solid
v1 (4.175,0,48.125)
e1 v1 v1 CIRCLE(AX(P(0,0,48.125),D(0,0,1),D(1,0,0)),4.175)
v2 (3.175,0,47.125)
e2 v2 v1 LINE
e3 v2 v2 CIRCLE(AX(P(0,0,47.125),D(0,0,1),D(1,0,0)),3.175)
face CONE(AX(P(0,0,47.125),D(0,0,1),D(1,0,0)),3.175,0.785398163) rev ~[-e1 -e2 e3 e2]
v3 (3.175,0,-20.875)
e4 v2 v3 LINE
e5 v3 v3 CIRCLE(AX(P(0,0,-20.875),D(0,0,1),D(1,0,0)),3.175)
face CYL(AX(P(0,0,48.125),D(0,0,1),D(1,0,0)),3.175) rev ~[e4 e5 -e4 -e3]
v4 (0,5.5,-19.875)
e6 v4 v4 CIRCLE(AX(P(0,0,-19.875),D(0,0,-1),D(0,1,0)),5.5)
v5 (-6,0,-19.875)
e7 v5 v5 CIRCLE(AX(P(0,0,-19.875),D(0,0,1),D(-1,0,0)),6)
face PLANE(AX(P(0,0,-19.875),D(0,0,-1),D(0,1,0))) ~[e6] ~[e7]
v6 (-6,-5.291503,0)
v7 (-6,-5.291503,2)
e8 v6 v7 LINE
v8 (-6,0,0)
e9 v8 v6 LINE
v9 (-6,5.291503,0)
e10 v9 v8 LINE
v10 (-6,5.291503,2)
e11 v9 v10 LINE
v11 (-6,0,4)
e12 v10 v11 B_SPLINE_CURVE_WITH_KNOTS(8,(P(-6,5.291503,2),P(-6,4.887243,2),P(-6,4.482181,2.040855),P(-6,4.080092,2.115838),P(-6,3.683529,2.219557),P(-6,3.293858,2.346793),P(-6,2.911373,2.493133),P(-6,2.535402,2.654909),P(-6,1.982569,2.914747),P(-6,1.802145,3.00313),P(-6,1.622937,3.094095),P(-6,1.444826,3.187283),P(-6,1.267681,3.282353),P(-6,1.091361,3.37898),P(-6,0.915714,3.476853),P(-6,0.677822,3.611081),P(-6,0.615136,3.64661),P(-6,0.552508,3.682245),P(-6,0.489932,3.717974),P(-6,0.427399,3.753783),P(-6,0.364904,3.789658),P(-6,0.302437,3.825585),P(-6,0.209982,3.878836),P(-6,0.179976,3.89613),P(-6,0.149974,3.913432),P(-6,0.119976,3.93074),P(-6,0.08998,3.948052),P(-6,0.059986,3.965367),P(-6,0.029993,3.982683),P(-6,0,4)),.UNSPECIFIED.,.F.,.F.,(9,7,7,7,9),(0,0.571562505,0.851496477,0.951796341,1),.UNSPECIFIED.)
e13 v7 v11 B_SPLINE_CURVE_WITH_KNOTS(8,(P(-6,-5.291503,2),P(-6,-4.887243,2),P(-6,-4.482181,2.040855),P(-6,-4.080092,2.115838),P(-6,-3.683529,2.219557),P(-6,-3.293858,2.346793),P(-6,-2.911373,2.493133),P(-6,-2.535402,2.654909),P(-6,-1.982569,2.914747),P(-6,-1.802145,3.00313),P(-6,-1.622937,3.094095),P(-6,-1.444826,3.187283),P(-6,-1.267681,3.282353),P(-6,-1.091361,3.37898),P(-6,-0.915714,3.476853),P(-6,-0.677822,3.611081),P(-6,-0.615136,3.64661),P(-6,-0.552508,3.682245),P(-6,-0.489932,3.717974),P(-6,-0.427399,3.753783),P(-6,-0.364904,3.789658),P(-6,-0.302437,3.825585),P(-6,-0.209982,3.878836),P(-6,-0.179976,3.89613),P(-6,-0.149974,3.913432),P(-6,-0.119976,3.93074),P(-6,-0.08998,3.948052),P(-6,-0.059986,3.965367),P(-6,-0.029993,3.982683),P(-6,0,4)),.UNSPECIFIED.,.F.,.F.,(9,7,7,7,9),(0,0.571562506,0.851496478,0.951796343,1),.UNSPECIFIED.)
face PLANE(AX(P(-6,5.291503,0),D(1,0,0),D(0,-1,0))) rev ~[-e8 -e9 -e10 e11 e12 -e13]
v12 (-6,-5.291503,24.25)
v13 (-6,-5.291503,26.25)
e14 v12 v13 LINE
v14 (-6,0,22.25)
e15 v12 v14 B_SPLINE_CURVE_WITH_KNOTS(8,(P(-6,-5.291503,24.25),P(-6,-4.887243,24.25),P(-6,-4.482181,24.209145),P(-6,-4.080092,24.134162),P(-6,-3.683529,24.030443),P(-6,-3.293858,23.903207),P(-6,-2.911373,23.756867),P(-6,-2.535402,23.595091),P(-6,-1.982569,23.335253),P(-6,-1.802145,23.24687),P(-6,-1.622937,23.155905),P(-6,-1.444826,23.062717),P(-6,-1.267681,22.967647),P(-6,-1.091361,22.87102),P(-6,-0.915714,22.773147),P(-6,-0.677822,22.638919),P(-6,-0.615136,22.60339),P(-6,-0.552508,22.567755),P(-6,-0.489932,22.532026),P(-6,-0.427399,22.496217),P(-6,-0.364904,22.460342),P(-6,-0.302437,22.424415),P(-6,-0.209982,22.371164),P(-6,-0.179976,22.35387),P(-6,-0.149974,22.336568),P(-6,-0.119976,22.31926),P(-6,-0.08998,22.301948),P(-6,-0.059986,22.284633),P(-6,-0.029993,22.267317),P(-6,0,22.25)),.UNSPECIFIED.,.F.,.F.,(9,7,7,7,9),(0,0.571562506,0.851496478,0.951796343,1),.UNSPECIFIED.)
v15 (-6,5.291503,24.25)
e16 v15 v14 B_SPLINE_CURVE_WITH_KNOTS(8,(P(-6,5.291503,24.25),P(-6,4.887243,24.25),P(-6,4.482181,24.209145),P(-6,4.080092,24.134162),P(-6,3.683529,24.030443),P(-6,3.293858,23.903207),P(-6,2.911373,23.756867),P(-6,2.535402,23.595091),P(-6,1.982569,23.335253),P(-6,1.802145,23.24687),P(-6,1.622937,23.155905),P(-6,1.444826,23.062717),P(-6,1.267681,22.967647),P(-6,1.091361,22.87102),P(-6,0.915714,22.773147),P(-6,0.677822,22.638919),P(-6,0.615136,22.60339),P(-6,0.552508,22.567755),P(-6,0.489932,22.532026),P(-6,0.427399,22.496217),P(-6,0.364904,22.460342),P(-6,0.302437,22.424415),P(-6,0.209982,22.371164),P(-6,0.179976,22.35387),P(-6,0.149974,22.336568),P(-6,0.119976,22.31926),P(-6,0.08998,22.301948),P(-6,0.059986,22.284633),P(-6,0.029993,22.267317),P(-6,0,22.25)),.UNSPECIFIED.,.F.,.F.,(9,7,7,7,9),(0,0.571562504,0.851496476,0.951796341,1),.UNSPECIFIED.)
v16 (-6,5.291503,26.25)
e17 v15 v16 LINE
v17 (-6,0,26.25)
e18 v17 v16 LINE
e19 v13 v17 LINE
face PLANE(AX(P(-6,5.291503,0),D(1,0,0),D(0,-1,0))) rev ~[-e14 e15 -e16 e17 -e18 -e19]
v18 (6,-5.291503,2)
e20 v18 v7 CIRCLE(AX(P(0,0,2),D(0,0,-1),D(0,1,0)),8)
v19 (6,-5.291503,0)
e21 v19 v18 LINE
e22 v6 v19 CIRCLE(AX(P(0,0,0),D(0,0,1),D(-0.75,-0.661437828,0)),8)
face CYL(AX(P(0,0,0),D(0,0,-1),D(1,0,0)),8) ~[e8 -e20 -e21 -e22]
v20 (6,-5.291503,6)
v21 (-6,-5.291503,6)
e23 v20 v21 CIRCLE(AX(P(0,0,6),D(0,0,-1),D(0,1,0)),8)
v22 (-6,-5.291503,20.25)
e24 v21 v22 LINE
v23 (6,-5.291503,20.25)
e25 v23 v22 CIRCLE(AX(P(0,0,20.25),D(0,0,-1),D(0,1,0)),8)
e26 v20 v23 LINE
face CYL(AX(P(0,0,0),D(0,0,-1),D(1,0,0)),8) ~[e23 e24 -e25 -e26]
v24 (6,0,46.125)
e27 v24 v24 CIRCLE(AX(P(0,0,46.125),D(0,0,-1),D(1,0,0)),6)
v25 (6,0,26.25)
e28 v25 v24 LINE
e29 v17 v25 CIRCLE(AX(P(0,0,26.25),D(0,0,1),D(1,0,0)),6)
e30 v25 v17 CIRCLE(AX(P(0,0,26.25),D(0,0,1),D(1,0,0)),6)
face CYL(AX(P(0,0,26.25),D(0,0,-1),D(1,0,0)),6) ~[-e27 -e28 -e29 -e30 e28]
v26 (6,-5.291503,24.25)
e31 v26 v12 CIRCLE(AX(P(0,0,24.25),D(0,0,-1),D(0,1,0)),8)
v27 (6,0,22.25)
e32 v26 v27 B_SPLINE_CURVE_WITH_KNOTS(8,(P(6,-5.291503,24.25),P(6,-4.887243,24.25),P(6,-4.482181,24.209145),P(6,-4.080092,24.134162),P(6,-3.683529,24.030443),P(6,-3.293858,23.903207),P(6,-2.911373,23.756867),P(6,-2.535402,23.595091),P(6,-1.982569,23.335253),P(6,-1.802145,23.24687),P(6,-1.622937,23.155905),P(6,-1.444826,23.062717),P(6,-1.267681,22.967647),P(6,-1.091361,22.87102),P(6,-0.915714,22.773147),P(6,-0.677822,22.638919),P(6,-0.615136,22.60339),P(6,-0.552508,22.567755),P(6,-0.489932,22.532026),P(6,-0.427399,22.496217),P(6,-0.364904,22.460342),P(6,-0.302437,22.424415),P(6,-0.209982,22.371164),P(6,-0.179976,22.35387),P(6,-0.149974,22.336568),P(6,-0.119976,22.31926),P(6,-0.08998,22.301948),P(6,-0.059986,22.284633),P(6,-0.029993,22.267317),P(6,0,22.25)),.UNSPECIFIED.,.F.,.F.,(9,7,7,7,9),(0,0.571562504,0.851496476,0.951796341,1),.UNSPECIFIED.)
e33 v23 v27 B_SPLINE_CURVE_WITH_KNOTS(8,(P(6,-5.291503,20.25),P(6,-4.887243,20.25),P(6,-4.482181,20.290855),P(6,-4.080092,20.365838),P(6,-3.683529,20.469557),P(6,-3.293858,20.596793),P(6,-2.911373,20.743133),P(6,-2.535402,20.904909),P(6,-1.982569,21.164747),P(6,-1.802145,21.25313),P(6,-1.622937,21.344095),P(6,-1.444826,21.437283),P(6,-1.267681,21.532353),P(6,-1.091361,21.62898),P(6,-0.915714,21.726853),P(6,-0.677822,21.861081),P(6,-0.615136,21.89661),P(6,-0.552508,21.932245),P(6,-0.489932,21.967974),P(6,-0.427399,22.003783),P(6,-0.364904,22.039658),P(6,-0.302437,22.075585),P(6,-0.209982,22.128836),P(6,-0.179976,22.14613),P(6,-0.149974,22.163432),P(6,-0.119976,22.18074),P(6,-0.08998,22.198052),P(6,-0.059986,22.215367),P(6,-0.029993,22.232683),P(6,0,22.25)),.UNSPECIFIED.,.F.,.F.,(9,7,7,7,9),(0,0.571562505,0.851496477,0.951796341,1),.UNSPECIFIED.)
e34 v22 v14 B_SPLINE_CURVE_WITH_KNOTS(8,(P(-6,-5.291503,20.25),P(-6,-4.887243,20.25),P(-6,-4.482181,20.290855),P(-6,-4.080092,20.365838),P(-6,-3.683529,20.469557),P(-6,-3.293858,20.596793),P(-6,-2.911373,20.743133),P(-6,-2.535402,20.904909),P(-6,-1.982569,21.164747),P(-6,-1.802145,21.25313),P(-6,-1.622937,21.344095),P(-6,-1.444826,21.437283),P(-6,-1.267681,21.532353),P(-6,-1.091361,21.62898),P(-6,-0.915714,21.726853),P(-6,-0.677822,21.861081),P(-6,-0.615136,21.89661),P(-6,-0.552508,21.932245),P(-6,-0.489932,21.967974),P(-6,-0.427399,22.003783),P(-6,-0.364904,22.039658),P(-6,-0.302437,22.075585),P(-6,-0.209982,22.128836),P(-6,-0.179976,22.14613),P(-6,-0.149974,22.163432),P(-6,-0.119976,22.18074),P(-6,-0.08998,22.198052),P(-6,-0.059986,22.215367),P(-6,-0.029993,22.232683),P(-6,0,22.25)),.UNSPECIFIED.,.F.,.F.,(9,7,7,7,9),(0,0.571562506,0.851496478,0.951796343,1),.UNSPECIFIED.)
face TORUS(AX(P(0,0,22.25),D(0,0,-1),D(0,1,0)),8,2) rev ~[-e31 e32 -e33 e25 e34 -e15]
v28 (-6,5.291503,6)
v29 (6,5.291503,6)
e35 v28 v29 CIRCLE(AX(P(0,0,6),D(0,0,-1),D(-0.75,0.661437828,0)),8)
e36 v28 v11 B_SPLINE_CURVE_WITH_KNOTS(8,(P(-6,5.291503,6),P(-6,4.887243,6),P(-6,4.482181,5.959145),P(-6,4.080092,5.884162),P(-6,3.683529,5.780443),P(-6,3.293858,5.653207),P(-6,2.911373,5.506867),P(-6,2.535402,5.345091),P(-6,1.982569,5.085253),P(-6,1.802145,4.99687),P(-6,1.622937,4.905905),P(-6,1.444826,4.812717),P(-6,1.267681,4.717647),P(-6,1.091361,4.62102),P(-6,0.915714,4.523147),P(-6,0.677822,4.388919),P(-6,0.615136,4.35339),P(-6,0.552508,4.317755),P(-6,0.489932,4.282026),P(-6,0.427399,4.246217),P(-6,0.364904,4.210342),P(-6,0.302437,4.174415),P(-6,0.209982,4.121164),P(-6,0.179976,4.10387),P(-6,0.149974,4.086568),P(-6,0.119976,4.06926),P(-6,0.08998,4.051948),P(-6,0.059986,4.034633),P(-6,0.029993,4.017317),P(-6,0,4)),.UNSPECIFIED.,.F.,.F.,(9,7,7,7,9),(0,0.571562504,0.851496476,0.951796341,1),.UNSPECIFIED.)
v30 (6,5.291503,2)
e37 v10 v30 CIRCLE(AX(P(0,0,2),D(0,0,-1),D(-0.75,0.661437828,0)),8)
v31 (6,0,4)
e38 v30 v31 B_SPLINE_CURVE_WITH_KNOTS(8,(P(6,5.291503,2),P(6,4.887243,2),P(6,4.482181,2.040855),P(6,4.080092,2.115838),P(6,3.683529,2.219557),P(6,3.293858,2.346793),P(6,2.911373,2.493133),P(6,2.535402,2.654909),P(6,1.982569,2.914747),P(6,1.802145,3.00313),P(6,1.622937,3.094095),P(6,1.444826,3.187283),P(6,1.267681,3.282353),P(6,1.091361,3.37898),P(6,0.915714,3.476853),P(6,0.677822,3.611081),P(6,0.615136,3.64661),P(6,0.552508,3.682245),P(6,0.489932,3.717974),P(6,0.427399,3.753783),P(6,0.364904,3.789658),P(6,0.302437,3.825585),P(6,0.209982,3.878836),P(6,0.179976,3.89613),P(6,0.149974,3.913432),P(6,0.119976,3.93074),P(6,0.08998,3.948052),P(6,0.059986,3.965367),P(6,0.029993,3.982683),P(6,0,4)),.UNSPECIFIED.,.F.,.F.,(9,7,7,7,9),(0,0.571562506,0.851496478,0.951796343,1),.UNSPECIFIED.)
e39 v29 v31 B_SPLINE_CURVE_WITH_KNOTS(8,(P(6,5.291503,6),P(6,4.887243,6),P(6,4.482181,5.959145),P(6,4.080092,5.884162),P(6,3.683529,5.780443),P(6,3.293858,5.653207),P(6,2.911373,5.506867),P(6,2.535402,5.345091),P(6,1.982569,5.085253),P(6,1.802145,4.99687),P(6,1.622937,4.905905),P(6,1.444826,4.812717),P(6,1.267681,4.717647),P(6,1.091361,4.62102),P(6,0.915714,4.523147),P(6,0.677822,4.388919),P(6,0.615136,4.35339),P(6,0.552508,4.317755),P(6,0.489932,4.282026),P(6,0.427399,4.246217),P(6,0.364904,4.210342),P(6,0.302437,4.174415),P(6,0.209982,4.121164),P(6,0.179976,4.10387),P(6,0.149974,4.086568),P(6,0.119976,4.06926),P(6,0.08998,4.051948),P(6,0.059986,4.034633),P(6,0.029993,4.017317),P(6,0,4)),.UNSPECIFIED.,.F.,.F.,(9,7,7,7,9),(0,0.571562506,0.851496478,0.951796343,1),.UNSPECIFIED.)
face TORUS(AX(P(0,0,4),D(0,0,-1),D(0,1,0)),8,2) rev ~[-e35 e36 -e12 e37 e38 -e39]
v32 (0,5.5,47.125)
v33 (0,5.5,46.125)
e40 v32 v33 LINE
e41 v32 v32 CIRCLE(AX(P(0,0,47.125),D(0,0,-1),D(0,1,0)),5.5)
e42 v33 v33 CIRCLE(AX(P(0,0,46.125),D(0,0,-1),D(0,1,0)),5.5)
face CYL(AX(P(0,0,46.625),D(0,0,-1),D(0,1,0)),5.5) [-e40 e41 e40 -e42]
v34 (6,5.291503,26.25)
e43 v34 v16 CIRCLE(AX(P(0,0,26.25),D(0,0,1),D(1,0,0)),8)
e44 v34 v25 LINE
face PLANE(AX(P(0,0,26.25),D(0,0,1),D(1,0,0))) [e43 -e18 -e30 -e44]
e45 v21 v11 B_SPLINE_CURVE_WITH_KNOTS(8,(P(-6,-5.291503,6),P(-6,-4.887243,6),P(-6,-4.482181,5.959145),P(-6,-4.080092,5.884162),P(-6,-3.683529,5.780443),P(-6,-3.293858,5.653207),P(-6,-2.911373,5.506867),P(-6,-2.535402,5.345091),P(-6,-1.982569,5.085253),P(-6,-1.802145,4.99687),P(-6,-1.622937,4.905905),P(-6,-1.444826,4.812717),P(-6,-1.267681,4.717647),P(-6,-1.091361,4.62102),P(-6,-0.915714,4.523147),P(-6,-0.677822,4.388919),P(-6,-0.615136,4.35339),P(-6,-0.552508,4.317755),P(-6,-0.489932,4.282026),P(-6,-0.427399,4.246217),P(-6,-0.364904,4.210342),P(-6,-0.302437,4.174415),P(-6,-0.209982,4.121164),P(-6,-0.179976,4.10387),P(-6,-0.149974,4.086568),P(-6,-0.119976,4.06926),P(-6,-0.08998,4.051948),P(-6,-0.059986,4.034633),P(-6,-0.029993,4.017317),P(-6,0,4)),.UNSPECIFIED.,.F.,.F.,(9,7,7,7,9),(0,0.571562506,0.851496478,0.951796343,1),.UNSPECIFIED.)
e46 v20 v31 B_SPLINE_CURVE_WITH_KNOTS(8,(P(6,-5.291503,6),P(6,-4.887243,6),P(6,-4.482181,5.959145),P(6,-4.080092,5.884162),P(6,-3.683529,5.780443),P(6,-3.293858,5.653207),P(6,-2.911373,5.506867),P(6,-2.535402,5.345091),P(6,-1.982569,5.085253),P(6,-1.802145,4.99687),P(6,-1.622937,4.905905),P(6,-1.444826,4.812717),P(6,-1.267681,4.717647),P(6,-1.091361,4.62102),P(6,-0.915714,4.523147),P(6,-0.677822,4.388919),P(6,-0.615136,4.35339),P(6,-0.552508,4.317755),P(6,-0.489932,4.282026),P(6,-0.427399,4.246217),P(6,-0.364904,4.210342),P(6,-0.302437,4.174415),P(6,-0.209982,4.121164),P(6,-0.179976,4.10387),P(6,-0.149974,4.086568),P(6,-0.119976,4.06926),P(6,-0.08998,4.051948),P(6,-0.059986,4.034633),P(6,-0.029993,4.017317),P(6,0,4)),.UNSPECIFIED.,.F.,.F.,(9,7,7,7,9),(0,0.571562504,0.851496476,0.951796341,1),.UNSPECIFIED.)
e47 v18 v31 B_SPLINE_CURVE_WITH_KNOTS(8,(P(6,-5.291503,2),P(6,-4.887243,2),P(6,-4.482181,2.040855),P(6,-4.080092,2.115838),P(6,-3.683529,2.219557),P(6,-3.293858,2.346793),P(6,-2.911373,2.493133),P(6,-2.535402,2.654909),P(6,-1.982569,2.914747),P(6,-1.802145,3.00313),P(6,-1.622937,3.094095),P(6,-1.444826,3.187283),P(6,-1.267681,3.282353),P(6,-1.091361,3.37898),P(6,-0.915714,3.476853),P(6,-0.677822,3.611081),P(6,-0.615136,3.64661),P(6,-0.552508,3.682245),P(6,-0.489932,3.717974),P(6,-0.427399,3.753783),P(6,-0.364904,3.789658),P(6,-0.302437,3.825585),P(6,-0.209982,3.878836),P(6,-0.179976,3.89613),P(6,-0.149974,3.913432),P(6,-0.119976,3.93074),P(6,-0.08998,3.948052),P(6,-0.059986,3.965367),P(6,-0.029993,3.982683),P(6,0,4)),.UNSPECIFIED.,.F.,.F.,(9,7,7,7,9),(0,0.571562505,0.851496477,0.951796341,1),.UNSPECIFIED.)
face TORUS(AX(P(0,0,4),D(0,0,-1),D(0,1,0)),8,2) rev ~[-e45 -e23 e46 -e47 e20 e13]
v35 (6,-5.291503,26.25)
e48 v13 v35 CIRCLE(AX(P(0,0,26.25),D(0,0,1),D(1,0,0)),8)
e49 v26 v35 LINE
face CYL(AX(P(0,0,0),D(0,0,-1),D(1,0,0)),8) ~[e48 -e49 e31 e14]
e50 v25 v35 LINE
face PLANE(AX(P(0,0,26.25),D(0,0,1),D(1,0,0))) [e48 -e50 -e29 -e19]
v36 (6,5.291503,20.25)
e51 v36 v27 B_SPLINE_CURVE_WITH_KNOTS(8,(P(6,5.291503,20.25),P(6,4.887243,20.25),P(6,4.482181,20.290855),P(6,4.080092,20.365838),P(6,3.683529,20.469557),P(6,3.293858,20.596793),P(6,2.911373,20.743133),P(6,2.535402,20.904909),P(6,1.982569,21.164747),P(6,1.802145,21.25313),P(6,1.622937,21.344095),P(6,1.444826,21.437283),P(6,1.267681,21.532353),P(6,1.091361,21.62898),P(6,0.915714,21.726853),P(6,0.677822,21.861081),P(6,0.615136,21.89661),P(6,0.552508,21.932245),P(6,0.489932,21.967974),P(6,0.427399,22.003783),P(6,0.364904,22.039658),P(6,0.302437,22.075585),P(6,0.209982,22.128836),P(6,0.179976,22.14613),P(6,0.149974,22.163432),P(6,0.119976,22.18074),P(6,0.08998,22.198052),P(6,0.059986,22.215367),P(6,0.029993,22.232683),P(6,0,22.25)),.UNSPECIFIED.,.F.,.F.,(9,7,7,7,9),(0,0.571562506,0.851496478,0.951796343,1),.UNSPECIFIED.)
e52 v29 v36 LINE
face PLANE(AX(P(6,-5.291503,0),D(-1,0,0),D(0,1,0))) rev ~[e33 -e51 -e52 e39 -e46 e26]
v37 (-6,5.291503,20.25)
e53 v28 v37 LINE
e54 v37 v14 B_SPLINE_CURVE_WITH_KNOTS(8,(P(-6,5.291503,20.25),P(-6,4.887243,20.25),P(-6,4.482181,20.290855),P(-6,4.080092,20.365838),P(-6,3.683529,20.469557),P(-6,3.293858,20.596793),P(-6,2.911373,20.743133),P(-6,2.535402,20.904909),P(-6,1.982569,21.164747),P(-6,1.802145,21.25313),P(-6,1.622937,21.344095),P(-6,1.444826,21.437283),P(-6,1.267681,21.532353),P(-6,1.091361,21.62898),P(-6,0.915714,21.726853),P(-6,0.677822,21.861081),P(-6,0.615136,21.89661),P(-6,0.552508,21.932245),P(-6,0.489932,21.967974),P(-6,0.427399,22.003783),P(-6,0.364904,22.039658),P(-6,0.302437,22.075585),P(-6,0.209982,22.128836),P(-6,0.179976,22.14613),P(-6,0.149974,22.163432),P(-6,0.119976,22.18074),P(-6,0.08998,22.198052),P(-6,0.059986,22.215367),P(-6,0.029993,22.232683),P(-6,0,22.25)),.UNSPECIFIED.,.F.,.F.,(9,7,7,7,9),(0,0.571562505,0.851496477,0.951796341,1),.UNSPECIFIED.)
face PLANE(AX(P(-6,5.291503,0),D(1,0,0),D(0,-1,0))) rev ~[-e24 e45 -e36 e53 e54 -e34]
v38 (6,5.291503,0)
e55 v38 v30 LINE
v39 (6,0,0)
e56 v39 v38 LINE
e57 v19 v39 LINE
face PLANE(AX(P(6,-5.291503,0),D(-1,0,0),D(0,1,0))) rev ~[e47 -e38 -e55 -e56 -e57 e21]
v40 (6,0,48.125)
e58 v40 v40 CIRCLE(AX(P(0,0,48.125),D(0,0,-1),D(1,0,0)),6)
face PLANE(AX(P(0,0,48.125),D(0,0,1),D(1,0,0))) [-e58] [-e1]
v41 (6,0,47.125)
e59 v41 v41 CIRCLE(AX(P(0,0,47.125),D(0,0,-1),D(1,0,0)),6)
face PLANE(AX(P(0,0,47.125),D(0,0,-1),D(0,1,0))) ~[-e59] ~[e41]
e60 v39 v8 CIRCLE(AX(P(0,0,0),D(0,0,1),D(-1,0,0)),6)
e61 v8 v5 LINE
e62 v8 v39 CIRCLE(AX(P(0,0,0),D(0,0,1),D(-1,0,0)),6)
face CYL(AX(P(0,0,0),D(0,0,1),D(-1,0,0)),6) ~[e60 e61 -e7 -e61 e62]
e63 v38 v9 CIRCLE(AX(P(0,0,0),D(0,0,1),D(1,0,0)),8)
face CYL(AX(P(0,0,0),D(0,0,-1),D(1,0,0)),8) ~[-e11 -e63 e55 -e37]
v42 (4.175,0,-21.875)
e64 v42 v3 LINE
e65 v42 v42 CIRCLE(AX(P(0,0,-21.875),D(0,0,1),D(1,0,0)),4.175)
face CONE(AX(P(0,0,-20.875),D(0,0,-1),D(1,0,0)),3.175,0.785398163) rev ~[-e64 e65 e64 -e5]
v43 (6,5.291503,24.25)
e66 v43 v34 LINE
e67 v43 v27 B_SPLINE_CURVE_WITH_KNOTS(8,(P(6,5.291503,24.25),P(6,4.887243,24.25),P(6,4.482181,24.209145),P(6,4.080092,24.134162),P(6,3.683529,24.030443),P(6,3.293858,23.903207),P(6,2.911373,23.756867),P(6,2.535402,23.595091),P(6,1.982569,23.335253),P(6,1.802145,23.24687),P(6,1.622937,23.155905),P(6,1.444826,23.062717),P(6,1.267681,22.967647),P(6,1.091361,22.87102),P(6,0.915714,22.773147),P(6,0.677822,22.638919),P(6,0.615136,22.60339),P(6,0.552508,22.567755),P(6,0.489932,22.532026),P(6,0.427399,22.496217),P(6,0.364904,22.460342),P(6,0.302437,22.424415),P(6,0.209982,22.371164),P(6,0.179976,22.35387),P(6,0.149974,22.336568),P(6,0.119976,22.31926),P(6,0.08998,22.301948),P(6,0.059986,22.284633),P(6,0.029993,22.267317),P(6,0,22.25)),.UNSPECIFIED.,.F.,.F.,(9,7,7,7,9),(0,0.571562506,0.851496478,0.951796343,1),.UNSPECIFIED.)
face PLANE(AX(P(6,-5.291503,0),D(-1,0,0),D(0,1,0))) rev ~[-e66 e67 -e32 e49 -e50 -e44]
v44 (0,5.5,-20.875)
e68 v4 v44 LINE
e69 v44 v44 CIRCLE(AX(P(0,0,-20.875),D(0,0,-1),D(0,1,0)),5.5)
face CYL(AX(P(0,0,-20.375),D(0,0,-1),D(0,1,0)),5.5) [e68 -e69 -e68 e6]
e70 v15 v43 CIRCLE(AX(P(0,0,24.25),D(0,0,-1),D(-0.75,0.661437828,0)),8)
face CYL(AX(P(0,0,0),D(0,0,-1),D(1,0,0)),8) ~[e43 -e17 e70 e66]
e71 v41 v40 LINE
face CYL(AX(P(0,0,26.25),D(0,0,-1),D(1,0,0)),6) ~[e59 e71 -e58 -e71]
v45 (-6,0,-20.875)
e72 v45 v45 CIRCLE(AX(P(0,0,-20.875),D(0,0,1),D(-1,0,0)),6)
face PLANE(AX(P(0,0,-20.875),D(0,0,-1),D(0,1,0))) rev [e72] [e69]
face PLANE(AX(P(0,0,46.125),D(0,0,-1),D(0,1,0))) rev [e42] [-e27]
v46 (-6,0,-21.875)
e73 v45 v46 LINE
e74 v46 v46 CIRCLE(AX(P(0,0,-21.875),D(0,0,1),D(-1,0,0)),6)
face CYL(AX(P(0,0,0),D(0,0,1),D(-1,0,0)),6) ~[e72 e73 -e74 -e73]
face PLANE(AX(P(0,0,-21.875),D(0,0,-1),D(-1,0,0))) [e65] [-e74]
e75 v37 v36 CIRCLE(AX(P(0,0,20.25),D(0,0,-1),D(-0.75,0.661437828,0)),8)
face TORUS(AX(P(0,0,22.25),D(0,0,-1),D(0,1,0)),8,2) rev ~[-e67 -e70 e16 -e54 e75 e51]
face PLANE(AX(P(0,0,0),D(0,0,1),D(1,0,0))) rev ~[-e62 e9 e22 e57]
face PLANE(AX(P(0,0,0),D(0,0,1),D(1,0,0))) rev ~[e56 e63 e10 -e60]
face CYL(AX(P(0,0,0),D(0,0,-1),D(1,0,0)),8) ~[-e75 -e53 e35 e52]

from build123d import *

# Parameters (mm, degrees)
SKETCH1_R               = 8
BOSS_EXTRUDE1_DEPTH     = 26.25
SKETCH2_R               = 6
BOSS_EXTRUDE2_DEPTH     = 21.875
SKETCH3_R               = 6
BOSS_EXTRUDE3_DEPTH     = 21.875
CUT_EXTRUDE4_DEPTH      = 22.875
CUT_EXTRUDE4_DEPTH_BACK = 49.125
SKETCH7_W               = 1
SKETCH7_H               = 0.5
SKETCH9_R               = 3.175
CUT_EXTRUDE5_DEPTH      = 71
CHAMFER1_SIZE           = 1


with BuildPart() as part:
    # Sketch1 → Boss-Extrude1 (new body)
    with BuildSketch(Plane.XY):
        Circle(SKETCH1_R)
    extrude(amount=BOSS_EXTRUDE1_DEPTH)

    # Sketch2 → Boss-Extrude2 (add)
    with BuildSketch(Plane(origin=(0, 0, 0), x_dir=(-1, 0, 0), z_dir=(0, 0, -1))):
        Circle(SKETCH2_R)
    extrude(amount=BOSS_EXTRUDE2_DEPTH)

    # Sketch3 → Boss-Extrude3 (add)
    with BuildSketch(Plane.XY.offset(26.25)):
        Circle(SKETCH3_R)
    extrude(amount=BOSS_EXTRUDE3_DEPTH)

    # Sketch5 → Cut-Extrude4 (cut, two sides)
    with BuildSketch(Plane(origin=(0, 0, 0), x_dir=(-1, 0, 0), z_dir=(0, 0, -1))) as cut_extrude4_sk:
        with BuildLine():
            Line((-6, -5.291502622), (-6, 5.291502622))
            ThreePointArc((-6, 5.291502622), (-8, 0), (-6, -5.291502622))
        make_face()
        with BuildLine():
            ThreePointArc((8, 0), (7.483314774, 2.828427125), (6, 5.291502622))
            Line((6, 5.291502622), (6, -5.291502622))
            ThreePointArc((6, -5.291502622), (7.483314774, -2.828427125), (8, 0))
        make_face()
    extrude(amount=CUT_EXTRUDE4_DEPTH, mode=Mode.SUBTRACT)
    extrude(cut_extrude4_sk.sketch, amount=-CUT_EXTRUDE4_DEPTH_BACK, mode=Mode.SUBTRACT)

    # Sketch7 → Cut-Revolve1 (revolve, cut)
    with BuildSketch(Plane(origin=(0, 0, 0), x_dir=(0, 0, -1), z_dir=(1, 0, 0))):
        with Locations((20.375, 5.75)):
            Rectangle(SKETCH7_W, SKETCH7_H)
        with Locations((-46.625, 5.75)):
            Rectangle(SKETCH7_W, SKETCH7_H)
    revolve(axis=Axis((0, 0, 48.125), (0, 0, -1)), mode=Mode.SUBTRACT)

    # Sketch8 → Cut-Revolve2 (revolve, cut)
    with BuildSketch(Plane(origin=(0, 0, 0), x_dir=(0, 0, -1), z_dir=(1, 0, 0))):
        with BuildLine():
            Line((-24.25, 8), (-20.25, 8))
            ThreePointArc((-20.25, 8), (-22.25, 6), (-24.25, 8))
        make_face()
        with BuildLine():
            Line((-6, 8), (-2, 8))
            ThreePointArc((-2, 8), (-4, 6), (-6, 8))
        make_face()
    revolve(axis=Axis((0, 0, 48.125), (0, 0, -1)), mode=Mode.SUBTRACT)

    # Sketch9 → Cut-Extrude5 (cut, through all)
    with BuildSketch(Plane.XY.offset(48.125)):
        Circle(SKETCH9_R)
    extrude(amount=-CUT_EXTRUDE5_DEPTH, mode=Mode.SUBTRACT)

    # Chamfer1
    chamfer1_edges = [part.edges().sort_by_distance(p)[0] for p in [
        (-3.175, 0, -21.875),
        (-3.175, 0, 48.125),
    ]]
    chamfer(chamfer1_edges, length=CHAMFER1_SIZE)


solid = part.part
